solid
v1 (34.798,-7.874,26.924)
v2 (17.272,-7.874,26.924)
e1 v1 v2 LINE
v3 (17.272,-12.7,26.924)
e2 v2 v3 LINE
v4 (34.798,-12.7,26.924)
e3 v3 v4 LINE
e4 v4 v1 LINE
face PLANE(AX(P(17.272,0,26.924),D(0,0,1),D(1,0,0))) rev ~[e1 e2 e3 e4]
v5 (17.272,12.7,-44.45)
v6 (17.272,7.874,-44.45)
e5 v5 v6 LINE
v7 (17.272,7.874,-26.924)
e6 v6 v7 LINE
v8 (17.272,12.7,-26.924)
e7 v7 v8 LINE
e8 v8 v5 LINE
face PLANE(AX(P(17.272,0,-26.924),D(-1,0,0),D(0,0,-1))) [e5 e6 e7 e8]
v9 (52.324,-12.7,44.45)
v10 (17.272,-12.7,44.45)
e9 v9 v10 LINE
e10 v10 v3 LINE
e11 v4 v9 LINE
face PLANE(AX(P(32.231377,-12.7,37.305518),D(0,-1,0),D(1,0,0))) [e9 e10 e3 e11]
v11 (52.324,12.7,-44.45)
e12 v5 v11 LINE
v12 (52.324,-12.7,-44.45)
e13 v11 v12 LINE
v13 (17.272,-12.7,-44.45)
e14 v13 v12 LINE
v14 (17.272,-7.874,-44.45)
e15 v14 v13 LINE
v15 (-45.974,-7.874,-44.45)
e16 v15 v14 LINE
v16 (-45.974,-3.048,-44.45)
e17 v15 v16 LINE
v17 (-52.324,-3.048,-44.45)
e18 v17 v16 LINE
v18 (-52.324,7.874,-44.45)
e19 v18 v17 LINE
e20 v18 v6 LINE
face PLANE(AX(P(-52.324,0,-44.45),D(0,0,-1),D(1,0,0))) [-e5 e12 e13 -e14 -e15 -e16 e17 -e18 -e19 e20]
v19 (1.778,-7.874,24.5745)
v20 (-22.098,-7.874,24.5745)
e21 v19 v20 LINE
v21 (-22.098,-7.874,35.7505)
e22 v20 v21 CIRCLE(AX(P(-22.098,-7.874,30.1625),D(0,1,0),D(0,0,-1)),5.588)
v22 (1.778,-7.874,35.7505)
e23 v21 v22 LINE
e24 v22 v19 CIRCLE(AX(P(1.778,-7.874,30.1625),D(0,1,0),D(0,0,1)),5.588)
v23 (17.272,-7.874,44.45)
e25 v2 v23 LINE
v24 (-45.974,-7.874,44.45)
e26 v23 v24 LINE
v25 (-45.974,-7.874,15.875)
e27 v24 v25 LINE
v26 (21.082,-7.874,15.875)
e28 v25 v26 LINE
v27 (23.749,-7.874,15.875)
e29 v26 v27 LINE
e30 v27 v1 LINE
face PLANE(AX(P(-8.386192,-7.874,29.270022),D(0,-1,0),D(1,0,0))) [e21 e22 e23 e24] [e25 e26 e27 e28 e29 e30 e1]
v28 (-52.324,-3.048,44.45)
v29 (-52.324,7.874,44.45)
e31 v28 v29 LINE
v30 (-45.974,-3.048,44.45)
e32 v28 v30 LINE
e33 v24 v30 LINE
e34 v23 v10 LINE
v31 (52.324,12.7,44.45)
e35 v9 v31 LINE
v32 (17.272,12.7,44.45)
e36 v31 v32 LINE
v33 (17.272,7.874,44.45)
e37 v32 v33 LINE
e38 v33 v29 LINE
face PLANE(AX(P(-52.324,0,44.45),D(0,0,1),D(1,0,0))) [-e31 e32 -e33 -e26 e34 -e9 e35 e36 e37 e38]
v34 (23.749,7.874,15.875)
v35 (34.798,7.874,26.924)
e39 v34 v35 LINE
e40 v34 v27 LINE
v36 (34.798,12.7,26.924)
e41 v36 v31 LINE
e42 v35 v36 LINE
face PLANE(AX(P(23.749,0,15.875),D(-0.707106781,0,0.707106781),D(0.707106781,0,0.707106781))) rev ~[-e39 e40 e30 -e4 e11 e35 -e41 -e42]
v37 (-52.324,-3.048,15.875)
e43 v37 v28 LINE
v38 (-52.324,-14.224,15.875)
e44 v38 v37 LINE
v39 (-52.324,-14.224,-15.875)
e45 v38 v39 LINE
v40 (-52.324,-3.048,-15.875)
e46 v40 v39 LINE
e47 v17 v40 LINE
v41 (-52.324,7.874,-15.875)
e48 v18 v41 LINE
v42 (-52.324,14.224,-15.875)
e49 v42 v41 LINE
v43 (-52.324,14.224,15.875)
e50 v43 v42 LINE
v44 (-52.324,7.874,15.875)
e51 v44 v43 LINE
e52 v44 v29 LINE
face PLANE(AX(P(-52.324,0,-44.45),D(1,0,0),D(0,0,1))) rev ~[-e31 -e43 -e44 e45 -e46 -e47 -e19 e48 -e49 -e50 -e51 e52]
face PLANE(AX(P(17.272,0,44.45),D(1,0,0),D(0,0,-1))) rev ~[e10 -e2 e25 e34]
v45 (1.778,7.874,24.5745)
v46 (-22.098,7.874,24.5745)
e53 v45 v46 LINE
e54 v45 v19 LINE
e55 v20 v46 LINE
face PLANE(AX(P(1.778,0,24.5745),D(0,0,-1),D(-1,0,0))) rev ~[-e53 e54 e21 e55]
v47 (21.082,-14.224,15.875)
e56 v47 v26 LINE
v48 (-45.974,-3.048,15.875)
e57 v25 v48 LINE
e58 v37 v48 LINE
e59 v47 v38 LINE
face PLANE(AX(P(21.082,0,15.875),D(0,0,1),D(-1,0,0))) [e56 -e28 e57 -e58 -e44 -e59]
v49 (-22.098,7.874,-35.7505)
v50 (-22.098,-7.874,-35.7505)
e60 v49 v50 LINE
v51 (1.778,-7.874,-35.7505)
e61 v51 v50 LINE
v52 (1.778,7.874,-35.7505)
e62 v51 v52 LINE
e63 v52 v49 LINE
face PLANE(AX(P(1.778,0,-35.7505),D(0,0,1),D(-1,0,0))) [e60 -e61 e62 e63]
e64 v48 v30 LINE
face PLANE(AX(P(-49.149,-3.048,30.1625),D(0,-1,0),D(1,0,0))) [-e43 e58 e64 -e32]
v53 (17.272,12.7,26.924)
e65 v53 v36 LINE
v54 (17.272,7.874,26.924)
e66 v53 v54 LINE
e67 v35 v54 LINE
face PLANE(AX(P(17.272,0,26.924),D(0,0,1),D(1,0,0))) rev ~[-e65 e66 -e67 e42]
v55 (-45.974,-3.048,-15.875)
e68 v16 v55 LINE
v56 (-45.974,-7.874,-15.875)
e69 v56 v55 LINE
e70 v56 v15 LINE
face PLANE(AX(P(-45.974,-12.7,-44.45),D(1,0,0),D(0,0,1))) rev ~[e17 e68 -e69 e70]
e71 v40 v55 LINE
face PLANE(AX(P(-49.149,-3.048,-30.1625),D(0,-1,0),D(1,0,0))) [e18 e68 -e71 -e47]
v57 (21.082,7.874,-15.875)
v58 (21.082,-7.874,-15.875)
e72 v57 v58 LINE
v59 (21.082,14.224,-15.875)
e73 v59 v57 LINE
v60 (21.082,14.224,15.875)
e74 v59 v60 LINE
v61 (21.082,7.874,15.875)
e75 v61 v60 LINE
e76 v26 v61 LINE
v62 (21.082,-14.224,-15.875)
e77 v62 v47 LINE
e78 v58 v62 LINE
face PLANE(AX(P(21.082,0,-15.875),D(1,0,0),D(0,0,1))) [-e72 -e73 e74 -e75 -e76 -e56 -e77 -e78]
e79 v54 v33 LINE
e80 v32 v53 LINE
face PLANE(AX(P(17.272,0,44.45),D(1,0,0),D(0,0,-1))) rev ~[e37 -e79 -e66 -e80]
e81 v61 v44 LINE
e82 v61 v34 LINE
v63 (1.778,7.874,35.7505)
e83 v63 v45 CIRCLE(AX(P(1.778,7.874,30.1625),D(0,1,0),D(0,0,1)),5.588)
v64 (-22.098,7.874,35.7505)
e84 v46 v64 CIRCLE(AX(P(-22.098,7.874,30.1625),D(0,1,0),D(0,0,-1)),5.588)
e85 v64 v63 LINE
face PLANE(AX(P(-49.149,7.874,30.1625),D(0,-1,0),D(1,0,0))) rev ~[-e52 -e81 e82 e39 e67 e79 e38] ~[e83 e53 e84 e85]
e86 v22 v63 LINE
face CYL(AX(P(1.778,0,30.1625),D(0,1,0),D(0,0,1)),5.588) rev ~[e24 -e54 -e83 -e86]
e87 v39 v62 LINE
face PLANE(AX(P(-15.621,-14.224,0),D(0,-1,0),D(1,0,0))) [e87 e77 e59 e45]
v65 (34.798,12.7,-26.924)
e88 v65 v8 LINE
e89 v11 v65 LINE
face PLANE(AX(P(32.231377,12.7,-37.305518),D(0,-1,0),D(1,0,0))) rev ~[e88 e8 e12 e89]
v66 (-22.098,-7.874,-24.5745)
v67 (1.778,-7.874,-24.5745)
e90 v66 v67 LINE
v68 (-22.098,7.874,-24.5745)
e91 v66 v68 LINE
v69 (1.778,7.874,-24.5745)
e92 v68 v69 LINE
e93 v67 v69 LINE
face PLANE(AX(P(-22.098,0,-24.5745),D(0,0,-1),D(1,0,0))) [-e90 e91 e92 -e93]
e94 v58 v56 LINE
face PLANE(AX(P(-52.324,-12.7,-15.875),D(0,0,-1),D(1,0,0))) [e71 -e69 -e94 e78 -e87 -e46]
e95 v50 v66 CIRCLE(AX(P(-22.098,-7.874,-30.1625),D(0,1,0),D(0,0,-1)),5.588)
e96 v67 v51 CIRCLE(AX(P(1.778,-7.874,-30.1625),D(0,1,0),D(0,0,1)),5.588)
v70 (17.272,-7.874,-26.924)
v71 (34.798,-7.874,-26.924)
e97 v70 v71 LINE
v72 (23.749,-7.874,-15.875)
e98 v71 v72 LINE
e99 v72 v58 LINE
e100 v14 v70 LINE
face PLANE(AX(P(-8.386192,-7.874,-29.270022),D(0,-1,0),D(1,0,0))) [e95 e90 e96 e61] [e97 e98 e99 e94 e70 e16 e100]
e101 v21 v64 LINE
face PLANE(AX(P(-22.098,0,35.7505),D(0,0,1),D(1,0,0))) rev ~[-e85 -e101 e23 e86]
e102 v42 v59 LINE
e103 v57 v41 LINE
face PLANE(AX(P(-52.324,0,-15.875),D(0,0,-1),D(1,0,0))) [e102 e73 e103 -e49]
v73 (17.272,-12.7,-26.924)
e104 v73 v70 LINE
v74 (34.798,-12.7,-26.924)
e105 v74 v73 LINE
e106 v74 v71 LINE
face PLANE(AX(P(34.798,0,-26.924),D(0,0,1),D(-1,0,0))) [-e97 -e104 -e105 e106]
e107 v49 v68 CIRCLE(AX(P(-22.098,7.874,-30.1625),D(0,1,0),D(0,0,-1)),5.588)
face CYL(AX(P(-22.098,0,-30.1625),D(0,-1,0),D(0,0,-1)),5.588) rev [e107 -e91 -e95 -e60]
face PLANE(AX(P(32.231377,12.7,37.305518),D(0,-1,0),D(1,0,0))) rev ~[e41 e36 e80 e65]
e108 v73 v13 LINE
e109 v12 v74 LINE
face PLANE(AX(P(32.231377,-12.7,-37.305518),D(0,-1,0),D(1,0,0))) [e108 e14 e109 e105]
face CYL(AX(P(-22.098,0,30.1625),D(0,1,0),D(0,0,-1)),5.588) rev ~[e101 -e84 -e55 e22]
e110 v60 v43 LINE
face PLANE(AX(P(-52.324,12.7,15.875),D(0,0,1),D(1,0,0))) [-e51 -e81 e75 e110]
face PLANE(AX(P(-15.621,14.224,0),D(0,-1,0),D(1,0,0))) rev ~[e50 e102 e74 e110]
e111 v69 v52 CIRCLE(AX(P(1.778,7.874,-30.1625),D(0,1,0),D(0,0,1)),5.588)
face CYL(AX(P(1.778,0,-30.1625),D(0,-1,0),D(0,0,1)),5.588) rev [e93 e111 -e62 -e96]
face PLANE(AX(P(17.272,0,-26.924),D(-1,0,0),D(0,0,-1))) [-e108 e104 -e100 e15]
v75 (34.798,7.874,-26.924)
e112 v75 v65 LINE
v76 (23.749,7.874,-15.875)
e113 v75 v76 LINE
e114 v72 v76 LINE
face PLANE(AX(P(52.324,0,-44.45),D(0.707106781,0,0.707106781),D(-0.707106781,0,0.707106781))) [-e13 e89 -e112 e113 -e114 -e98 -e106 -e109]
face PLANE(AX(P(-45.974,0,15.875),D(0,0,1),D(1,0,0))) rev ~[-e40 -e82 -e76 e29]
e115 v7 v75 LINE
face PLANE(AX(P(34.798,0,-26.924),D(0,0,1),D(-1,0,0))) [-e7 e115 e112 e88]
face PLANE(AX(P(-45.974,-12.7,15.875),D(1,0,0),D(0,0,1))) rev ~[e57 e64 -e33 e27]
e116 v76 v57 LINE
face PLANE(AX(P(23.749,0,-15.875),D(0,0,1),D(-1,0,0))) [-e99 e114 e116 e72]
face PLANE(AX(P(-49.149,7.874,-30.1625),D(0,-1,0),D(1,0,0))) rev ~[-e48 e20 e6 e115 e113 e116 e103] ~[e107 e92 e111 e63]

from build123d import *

# Parameters (mm, degrees)
F1_DEPTH = 14.224
F2_DEPTH = 7.874
F3_DEPTH = 12.7
F0_W     = 6.35
F0_H     = 28.575
F4_DEPTH = 12.7
F5_DEPTH = 9.652
F6_DEPTH = 4.826


with BuildPart() as f1:
    # F0 (on Front) → F1 (new body, symmetric)
    with BuildSketch(Plane.XZ):
        Polygon((-45.974, 15.875), (-52.324, 15.875), (-52.324, -15.875), (-45.974, -15.875), (21.082, -15.875), (21.082, 15.875), align=None)
    extrude(amount=F1_DEPTH, both=True)

    # F0 (on Front) → F2 (join, symmetric)
    with BuildSketch(Plane.XZ):
        Polygon((17.272, 44.45), (-45.974, 44.45), (-45.974, 15.875), (21.082, 15.875), (23.749, 15.875), (34.798, 26.924), (17.272, 26.924), align=None)
        with BuildLine():
            Line((1.778, 24.5745), (-22.098, 24.5745))
            ThreePointArc((-22.098, 24.5745), (-27.686, 30.1625), (-22.098, 35.7505))
            Line((-22.098, 35.7505), (1.778, 35.7505))
            ThreePointArc((1.778, 35.7505), (7.366, 30.1625), (1.778, 24.5745))
        make_face(mode=Mode.SUBTRACT)
        Polygon((21.082, -15.875), (-45.974, -15.875), (-45.974, -44.45), (17.272, -44.45), (17.272, -26.924), (34.798, -26.924), (23.749, -15.875), align=None)
        with BuildLine():
            ThreePointArc((-22.098, -35.7505), (-27.686, -30.1625), (-22.098, -24.5745))
            Line((-22.098, -24.5745), (1.778, -24.5745))
            ThreePointArc((1.778, -24.5745), (7.366, -30.1625), (1.778, -35.7505))
            Line((1.778, -35.7505), (-22.098, -35.7505))
        make_face(mode=Mode.SUBTRACT)
    extrude(amount=F2_DEPTH, both=True)

    # F0 (on Front) → F3 (join, symmetric)
    with BuildSketch(Plane.XZ):
        Polygon((52.324, 44.45), (17.272, 44.45), (17.272, 26.924), (34.798, 26.924), align=None)
        Polygon((17.272, -26.924), (17.272, -44.45), (52.324, -44.45), (34.798, -26.924), align=None)
    extrude(amount=F3_DEPTH, both=True)

    # F0 (on Front) → F4 (join, symmetric)
    with BuildSketch(Plane.XZ):
        with Locations((-49.149, 30.1625)):
            Rectangle(F0_W, F0_H)
        with Locations((-49.149, -30.1625)):
            Rectangle(F0_W, F0_H)
    extrude(amount=F4_DEPTH, both=True)

    # F5 (cut): faces of the model
    f5_faces = [f1.faces().sort_by_distance(p)[0] for p in [
        (-49.149, -12.7, 30.1625),
        (-49.149, -12.7, -30.1625),
    ]]
    extrude(f5_faces, amount=-F5_DEPTH, mode=Mode.SUBTRACT)

    # F6 (cut): faces of the model
    f6_faces = [f1.faces().sort_by_distance(p)[0] for p in [
        (-49.149, 12.7, 30.1625),
        (-49.149, 12.7, -30.1625),
    ]]
    extrude(f6_faces, amount=-F6_DEPTH, mode=Mode.SUBTRACT)


solid = f1.part
